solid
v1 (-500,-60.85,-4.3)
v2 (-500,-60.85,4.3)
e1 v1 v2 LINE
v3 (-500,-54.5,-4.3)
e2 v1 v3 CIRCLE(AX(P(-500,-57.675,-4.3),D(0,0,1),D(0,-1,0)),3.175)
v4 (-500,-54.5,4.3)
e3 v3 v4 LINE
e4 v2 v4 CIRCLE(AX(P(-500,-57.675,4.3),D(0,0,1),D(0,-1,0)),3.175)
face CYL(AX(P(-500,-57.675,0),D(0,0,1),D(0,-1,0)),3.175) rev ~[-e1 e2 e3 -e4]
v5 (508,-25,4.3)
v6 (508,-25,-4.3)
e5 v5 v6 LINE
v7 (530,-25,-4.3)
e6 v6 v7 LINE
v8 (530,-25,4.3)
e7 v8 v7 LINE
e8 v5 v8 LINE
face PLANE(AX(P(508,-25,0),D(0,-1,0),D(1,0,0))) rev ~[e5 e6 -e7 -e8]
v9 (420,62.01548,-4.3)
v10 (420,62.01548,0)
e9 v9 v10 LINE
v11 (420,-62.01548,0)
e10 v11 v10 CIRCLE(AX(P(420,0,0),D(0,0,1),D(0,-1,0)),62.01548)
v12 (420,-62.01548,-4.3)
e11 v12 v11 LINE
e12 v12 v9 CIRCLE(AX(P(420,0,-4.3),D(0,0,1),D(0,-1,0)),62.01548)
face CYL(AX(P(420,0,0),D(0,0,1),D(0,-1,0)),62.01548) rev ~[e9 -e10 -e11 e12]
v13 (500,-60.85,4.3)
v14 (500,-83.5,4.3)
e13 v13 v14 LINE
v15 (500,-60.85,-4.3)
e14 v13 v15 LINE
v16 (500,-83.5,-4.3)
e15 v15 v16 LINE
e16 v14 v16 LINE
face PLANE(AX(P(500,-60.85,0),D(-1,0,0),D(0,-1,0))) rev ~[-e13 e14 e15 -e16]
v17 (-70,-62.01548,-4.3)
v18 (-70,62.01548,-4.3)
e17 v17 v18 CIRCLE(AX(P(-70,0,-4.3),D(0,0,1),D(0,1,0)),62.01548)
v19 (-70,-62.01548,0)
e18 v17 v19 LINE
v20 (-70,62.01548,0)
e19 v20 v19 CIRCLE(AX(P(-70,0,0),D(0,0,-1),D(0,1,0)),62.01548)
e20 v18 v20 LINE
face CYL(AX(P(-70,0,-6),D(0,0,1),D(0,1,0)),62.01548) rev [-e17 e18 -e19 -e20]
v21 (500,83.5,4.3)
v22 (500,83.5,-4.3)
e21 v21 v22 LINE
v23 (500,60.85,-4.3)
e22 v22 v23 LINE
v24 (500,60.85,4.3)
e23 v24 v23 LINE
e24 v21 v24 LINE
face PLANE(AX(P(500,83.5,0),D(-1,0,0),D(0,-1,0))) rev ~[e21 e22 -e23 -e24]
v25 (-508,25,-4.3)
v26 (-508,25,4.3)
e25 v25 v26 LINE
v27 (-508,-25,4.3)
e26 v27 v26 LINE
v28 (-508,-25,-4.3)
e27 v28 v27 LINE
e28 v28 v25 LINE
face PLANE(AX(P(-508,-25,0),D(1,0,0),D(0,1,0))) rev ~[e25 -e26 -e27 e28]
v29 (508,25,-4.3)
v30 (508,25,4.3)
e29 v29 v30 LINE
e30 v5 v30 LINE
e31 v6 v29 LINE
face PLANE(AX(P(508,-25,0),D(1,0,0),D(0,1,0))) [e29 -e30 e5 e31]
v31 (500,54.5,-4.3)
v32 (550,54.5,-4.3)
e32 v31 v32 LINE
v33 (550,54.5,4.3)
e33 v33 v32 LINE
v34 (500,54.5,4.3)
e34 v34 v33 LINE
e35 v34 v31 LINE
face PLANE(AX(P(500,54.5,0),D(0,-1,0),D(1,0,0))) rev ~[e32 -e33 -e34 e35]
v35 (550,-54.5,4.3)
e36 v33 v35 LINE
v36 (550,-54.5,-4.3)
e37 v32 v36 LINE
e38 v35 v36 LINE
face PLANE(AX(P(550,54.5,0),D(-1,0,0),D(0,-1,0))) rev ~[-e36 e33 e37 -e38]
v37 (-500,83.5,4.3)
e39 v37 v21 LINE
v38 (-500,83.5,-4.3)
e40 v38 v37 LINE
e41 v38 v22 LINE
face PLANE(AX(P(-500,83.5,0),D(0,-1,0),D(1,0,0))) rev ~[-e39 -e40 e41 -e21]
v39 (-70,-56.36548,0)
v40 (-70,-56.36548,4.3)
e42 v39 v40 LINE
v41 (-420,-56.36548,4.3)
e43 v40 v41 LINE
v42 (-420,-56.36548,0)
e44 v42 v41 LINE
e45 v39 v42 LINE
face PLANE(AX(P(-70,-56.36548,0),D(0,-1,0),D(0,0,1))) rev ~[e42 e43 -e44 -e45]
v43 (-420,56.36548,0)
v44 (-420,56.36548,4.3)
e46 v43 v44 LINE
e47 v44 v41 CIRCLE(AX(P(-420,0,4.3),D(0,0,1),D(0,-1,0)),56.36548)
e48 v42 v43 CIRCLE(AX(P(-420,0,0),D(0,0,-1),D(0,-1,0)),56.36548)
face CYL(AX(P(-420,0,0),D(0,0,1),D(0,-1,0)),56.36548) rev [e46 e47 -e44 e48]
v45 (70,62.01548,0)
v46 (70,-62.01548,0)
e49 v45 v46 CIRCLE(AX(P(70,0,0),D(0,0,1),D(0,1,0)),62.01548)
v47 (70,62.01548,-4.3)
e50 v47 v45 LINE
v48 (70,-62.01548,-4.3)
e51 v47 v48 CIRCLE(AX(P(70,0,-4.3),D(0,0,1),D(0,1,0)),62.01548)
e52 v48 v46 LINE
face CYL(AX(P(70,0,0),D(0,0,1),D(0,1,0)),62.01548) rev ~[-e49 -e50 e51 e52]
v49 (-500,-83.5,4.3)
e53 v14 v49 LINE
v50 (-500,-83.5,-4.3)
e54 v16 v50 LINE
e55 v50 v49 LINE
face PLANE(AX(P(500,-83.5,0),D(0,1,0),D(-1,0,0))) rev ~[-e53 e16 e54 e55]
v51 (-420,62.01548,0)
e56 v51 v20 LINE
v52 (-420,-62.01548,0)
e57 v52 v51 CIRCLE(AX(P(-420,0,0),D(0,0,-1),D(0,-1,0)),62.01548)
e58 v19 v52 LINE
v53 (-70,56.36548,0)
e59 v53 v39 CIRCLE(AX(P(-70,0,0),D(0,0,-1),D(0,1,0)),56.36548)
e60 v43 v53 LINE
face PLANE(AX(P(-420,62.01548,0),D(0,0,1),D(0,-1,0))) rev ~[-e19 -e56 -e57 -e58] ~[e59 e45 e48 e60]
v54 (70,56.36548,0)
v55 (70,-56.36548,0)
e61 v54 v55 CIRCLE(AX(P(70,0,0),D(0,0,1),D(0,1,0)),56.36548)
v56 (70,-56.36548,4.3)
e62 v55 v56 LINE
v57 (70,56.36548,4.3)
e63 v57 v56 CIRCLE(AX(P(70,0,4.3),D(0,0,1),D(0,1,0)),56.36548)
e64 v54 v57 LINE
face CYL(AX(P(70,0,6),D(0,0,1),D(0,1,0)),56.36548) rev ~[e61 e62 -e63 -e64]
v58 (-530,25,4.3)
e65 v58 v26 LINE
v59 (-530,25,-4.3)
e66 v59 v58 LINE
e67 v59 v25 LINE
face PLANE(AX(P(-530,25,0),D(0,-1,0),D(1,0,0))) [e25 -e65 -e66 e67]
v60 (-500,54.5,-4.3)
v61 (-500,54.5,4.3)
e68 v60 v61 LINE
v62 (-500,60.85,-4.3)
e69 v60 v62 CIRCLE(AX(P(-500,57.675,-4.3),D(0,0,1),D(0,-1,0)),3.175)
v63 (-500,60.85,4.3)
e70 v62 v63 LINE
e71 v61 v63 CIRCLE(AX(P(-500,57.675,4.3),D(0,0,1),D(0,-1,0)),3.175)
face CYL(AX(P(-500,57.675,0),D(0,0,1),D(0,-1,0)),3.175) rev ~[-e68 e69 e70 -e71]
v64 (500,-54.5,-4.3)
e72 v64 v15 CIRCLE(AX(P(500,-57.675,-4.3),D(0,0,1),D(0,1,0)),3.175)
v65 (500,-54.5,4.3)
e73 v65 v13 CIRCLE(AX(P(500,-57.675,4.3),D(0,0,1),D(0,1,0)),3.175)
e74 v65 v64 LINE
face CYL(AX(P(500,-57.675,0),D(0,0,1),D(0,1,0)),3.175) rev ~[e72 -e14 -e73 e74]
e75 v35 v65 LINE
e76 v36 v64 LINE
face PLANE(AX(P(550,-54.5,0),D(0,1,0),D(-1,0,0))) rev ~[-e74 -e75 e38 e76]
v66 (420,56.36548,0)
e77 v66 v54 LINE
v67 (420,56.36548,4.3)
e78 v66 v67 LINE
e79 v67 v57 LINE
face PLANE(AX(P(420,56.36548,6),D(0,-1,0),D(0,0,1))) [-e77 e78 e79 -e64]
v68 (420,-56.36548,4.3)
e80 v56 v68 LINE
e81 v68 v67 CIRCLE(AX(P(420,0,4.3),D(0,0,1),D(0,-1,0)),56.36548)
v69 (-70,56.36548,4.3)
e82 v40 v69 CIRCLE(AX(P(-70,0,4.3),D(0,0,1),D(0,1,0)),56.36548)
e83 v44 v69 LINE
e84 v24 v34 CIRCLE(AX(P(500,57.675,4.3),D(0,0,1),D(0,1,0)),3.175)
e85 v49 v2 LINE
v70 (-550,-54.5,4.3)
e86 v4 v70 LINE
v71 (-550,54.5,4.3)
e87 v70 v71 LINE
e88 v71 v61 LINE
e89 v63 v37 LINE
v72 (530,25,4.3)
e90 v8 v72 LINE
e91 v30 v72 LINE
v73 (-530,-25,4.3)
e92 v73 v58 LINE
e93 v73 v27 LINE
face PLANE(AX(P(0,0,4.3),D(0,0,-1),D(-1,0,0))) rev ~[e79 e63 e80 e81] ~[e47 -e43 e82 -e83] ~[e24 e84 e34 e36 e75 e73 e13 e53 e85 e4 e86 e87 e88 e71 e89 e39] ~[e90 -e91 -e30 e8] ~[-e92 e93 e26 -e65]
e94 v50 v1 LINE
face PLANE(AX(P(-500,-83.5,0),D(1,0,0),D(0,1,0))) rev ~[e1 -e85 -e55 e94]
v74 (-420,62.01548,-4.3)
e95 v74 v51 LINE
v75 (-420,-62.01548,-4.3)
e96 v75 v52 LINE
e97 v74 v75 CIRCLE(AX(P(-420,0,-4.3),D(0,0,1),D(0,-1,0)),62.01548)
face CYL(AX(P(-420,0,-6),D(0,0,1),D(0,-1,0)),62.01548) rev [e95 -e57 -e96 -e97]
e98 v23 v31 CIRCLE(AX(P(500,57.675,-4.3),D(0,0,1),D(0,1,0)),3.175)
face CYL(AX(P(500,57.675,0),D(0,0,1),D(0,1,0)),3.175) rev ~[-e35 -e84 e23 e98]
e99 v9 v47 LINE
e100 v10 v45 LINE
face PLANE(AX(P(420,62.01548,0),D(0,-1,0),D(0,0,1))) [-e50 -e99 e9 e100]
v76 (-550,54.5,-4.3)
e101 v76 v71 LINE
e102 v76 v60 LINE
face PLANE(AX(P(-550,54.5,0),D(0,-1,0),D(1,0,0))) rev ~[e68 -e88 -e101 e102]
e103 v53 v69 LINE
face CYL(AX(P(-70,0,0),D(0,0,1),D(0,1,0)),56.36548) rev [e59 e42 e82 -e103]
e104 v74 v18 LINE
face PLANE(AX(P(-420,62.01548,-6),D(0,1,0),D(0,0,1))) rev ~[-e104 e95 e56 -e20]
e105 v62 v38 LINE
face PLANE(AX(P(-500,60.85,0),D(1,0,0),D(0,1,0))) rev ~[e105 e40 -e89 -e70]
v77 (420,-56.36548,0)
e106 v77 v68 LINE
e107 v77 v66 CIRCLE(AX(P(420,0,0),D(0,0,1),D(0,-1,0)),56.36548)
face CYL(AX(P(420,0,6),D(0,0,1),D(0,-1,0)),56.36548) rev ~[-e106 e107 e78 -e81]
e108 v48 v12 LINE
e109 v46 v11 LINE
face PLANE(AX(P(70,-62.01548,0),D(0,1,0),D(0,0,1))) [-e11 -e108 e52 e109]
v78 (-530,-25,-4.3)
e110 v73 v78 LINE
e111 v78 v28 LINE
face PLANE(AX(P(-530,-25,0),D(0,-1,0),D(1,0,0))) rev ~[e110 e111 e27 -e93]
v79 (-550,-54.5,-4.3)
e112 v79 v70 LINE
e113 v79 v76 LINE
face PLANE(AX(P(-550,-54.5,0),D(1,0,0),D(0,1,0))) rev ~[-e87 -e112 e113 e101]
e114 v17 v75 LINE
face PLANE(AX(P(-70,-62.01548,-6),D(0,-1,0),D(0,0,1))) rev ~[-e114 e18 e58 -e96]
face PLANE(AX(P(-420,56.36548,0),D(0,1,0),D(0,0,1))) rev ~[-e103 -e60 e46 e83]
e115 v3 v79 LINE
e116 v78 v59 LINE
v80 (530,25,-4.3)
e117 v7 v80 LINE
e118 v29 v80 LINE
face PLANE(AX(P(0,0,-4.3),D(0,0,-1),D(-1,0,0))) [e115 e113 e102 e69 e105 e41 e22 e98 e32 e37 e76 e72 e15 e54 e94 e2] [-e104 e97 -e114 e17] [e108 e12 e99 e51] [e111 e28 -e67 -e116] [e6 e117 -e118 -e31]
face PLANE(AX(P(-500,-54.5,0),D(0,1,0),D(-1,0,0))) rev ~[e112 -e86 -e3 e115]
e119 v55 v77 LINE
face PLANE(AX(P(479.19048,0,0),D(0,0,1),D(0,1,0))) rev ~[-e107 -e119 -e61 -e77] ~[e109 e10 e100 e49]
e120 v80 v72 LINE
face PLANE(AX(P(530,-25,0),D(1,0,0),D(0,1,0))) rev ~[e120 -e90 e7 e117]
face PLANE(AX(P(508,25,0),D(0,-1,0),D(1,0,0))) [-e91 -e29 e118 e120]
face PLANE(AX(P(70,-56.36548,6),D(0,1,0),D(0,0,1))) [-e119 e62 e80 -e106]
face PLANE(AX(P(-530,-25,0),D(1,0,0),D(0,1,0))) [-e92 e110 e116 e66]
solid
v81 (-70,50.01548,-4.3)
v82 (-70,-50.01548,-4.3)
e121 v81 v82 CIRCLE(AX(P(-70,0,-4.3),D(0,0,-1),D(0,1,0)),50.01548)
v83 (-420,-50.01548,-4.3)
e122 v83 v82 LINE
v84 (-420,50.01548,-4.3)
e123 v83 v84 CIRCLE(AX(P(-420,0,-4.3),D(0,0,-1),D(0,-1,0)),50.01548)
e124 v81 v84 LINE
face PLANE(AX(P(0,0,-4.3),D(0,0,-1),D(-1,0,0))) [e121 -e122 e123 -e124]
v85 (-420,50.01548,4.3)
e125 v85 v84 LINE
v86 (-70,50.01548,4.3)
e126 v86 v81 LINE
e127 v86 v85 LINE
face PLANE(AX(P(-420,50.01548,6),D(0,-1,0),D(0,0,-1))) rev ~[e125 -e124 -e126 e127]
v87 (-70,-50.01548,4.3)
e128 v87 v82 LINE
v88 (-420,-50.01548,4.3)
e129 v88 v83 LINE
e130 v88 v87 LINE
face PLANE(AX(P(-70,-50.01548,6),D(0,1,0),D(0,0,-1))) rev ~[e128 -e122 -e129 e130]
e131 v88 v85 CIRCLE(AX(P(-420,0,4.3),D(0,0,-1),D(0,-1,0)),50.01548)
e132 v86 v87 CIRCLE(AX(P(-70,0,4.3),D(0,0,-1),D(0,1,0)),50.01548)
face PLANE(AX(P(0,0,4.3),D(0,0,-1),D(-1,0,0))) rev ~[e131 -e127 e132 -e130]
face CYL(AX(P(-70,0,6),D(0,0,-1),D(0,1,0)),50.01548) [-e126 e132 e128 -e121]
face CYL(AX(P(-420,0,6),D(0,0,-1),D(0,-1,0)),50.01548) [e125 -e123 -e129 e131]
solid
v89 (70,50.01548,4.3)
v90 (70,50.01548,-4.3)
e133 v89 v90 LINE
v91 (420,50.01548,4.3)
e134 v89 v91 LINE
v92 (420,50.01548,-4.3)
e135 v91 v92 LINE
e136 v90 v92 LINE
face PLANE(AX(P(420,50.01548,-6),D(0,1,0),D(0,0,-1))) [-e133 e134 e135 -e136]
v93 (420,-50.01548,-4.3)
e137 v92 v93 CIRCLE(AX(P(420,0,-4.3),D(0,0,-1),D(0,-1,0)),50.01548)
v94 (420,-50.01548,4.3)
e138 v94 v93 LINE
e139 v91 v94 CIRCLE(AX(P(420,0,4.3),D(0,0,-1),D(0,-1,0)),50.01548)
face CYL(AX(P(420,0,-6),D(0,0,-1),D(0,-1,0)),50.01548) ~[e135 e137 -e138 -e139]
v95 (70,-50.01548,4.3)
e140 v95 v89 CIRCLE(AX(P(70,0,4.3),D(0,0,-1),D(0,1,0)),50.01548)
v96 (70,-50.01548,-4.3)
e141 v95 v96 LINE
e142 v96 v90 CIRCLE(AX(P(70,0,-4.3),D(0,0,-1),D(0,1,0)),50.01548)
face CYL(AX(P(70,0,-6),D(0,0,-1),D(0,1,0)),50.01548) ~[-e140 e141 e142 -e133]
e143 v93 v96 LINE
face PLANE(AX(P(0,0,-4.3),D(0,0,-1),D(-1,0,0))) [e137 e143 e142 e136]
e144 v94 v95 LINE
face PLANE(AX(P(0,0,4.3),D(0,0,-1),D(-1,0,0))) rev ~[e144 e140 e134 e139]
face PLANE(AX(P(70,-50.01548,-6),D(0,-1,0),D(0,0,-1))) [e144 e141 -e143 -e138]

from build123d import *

# Parameters (mm, degrees)
SKETCH1_W           = 22
SKETCH1_H           = 50
BOSS_EXTRUDE1_DEPTH = 4.3


with BuildPart() as part:
    # Sketch1 → Boss-Extrude1 (new body, symmetric)
    with BuildSketch(Plane.XY):
        with BuildLine():
            Line((-500, 83.5), (500, 83.5))
            Line((500, 83.5), (500, 60.85))
            ThreePointArc((500, 60.85), (496.825, 57.675), (500, 54.5))
            Line((500, 54.5), (550, 54.5))
            Line((550, 54.5), (550, -54.5))
            Line((550, -54.5), (500, -54.5))
            ThreePointArc((500, -54.5), (496.825, -57.675), (500, -60.85))
            Line((500, -60.85), (500, -83.5))
            Line((500, -83.5), (-500, -83.5))
            Line((-500, -83.5), (-500, -60.85))
            ThreePointArc((-500, -60.85), (-496.825, -57.675), (-500, -54.5))
            Line((-500, -54.5), (-550, -54.5))
            Line((-550, -54.5), (-550, 54.5))
            Line((-550, 54.5), (-500, 54.5))
            ThreePointArc((-500, 54.5), (-496.825, 57.675), (-500, 60.85))
            Line((-500, 60.85), (-500, 83.5))
        make_face()
        with Locations((519, 0)):
            Rectangle(SKETCH1_W, SKETCH1_H, mode=Mode.SUBTRACT)
        with Locations((-519, 0)):
            Rectangle(SKETCH1_W, SKETCH1_H, mode=Mode.SUBTRACT)
    extrude(amount=BOSS_EXTRUDE1_DEPTH, both=True)

    # Cut-Sweep1: sweep along a path in Sketch2
    with BuildLine(Plane.XY) as cut_sweep1_path:
        Line((-420, 50), (-70, 50))
        ThreePointArc((-70, 50), (-20, 0), (-70, -50))
        Line((-70, -50), (-420, -50))
        ThreePointArc((-420, -50), (-470, 0), (-420, 50))
    # Sketch3 → Cut-Sweep1 (sweep, cut)
    with BuildSketch(Plane(origin=(-420, 0, 0), x_dir=(0, 0, -1), z_dir=(1, 0, 0))):
        Polygon((0, 62.015479753), (0, 57.679593212), (0, 56.365479753), (-6, 56.365479753), (-6, 50.015479753), (6, 50.015479753), (6, 62.015479753), align=None)
    sweep(path=cut_sweep1_path.line, mode=Mode.SUBTRACT)

    # Cut-Sweep2: sweep along a path in Sketch2_3
    with BuildLine(Plane.XY) as cut_sweep2_path:
        Line((420, 50), (70, 50))
        ThreePointArc((70, 50), (20, 0), (70, -50))
        Line((70, -50), (420, -50))
        ThreePointArc((420, -50), (470, 0), (420, 50))
    # Sketch4 → Cut-Sweep2 (sweep, cut)
    with BuildSketch(Plane(origin=(420, 0, 0), x_dir=(0, 0, -1), z_dir=(1, 0, 0))):
        Polygon((-6, 50.015479753), (-6, 56.365479753), (0, 56.365479753), (0, 62.015479753), (6, 62.015479753), (6, 50.015479753), align=None)
    sweep(path=cut_sweep2_path.line, mode=Mode.SUBTRACT)


solid = part.part
